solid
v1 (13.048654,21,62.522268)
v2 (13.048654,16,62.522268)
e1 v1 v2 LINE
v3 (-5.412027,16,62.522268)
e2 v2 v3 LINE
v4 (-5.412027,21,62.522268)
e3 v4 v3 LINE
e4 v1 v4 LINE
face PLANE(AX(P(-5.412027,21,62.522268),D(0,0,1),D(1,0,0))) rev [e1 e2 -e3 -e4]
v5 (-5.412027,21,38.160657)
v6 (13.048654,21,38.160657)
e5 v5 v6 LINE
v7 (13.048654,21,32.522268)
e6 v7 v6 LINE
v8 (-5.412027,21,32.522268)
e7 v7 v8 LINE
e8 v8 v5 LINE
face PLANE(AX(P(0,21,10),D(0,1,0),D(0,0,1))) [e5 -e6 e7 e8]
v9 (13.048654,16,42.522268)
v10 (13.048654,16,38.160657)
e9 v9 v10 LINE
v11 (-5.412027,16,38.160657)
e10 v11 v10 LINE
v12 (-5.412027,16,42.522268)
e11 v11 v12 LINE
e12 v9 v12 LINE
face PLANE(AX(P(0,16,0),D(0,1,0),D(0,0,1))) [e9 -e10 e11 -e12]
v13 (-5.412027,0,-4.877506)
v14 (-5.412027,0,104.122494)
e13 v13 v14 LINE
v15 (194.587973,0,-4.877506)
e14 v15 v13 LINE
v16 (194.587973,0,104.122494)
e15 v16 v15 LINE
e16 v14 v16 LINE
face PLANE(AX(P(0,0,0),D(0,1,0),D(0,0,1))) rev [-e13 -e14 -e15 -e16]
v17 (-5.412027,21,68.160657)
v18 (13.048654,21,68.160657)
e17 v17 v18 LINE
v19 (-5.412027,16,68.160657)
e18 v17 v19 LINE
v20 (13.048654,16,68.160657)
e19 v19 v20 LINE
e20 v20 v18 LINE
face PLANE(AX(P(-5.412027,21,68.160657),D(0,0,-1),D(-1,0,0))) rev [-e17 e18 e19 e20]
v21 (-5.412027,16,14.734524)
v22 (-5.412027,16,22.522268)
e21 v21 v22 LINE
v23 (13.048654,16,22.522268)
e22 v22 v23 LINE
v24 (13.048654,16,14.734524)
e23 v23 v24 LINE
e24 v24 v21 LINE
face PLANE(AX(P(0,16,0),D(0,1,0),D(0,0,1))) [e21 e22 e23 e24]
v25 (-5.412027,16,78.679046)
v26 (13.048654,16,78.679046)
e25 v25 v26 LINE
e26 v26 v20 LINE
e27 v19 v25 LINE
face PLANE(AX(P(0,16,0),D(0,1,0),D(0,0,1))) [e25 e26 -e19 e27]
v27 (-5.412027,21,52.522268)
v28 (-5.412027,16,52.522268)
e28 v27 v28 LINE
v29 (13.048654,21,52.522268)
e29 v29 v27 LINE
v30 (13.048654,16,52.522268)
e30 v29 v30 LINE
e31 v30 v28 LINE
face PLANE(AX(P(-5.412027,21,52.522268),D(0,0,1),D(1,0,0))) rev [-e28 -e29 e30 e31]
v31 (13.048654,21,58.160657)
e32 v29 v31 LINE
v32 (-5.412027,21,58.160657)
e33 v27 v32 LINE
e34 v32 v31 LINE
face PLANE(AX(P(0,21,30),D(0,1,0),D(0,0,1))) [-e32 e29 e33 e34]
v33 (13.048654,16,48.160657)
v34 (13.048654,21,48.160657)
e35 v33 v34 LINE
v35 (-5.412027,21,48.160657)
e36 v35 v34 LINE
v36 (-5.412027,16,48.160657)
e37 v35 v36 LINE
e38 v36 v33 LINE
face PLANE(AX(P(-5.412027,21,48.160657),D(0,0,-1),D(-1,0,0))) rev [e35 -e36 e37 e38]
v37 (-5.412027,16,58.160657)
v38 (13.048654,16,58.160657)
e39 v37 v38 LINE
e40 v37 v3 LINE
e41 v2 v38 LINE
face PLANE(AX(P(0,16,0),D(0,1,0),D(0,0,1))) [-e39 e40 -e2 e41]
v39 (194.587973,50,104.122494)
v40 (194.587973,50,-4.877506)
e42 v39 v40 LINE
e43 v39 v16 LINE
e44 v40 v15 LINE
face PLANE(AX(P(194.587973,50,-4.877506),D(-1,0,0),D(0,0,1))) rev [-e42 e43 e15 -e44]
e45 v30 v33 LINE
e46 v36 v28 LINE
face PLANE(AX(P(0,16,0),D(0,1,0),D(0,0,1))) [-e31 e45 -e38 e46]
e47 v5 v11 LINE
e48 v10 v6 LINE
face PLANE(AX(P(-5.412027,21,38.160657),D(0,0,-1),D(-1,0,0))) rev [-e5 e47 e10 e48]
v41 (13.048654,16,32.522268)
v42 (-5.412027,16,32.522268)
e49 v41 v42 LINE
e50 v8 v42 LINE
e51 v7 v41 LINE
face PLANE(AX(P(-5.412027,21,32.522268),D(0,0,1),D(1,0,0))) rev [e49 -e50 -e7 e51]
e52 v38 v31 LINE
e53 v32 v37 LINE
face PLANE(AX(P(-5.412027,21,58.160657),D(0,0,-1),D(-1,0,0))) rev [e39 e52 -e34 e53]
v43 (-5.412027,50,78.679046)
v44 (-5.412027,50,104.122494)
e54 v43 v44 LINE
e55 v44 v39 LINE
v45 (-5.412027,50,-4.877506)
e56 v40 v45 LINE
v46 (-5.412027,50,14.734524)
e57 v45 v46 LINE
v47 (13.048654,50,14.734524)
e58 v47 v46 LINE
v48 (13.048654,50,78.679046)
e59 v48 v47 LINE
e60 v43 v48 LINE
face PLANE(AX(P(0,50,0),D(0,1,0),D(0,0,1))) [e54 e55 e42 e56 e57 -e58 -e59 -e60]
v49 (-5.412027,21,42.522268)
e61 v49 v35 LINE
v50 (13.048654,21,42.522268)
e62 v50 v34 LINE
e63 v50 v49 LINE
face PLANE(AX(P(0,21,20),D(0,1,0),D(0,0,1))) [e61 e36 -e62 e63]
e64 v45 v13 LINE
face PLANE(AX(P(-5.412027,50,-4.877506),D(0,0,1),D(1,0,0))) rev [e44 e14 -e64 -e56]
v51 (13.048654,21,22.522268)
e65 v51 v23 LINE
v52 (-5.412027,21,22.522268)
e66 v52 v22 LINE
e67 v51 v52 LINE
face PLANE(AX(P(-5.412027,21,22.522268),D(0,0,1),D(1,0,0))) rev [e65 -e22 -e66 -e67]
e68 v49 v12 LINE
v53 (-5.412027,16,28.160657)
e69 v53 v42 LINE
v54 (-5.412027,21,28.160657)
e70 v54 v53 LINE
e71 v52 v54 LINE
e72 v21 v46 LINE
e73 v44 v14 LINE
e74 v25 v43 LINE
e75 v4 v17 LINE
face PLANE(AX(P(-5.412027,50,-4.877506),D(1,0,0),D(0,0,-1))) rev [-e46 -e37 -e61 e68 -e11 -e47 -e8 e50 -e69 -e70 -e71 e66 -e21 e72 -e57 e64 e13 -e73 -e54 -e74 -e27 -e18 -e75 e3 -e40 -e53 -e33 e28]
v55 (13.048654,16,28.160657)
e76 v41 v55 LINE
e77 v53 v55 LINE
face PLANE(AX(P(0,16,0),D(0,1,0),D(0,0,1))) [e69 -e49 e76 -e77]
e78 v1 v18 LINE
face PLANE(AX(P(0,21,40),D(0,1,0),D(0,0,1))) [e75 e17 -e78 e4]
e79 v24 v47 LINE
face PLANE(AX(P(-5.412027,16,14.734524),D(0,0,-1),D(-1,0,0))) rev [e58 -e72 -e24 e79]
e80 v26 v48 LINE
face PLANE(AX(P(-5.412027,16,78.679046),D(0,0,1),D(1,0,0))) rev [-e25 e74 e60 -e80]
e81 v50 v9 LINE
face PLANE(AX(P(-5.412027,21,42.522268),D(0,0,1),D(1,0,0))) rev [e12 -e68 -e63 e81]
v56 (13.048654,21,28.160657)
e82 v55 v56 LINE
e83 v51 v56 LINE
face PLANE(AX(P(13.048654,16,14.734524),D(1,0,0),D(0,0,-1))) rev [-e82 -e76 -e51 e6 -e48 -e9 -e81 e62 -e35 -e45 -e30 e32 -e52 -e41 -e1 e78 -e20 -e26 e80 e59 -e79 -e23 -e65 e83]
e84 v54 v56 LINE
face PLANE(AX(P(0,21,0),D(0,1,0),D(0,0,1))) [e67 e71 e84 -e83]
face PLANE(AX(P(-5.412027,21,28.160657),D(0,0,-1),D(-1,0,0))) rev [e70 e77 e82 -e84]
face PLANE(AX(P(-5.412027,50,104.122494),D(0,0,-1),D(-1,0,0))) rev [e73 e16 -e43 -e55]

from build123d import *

# Parameters (mm, degrees)
SKETCH_1_W             = 200
SKETCH_1_H             = 109
EXTRUDE_1_DEPTH        = 50
SKETCH_2_W             = 18.460680343
SKETCH_2_H             = 63.94452195
CUT_EXTRUDE_1_DEPTH    = 34
SKETCH_3_W             = 20.806626264
SKETCH_3_H             = 5.638388786
EXTRUDE_2_DEPTH        = 5
PATTERN_LINEAR_1_COUNT = 5
PATTERN_LINEAR_1_PITCH = 10


with BuildPart() as part:
    # 草图1 → 凸台-拉伸1 (new body)
    with BuildSketch(Plane(origin=(0, 0, 0), x_dir=(1, 0, 0), z_dir=(0, 1, 0))):
        with Locations((94.587973274, -49.622494432)):
            Rectangle(SKETCH_1_W, SKETCH_1_H)
    extrude(amount=EXTRUDE_1_DEPTH)

    # 草图2 → 切除-拉伸1 (cut)
    with BuildSketch(Plane(origin=(0, 50, 0), x_dir=(1, 0, 0), z_dir=(0, 1, 0))):
        with Locations((3.818313446, -46.706785098)):
            Rectangle(SKETCH_2_W, SKETCH_2_H)
    extrude(amount=-CUT_EXTRUDE_1_DEPTH, mode=Mode.SUBTRACT)

    # 草图3 → 凸台-拉伸2 (add)
    with BuildSketch(Plane(origin=(0, 16, 0), x_dir=(1, 0, 0), z_dir=(0, 1, 0))):
        with Locations((4.991286406, -25.341462736)):
            Rectangle(SKETCH_3_W, SKETCH_3_H)
    extrude_2 = extrude(amount=EXTRUDE_2_DEPTH)

    # 阵列(线性)1: 凸台-拉伸2 ×5
    with Locations(*[(0, 0, i * PATTERN_LINEAR_1_PITCH) for i in range(1, PATTERN_LINEAR_1_COUNT)]):
        add(extrude_2)


solid = part.part
